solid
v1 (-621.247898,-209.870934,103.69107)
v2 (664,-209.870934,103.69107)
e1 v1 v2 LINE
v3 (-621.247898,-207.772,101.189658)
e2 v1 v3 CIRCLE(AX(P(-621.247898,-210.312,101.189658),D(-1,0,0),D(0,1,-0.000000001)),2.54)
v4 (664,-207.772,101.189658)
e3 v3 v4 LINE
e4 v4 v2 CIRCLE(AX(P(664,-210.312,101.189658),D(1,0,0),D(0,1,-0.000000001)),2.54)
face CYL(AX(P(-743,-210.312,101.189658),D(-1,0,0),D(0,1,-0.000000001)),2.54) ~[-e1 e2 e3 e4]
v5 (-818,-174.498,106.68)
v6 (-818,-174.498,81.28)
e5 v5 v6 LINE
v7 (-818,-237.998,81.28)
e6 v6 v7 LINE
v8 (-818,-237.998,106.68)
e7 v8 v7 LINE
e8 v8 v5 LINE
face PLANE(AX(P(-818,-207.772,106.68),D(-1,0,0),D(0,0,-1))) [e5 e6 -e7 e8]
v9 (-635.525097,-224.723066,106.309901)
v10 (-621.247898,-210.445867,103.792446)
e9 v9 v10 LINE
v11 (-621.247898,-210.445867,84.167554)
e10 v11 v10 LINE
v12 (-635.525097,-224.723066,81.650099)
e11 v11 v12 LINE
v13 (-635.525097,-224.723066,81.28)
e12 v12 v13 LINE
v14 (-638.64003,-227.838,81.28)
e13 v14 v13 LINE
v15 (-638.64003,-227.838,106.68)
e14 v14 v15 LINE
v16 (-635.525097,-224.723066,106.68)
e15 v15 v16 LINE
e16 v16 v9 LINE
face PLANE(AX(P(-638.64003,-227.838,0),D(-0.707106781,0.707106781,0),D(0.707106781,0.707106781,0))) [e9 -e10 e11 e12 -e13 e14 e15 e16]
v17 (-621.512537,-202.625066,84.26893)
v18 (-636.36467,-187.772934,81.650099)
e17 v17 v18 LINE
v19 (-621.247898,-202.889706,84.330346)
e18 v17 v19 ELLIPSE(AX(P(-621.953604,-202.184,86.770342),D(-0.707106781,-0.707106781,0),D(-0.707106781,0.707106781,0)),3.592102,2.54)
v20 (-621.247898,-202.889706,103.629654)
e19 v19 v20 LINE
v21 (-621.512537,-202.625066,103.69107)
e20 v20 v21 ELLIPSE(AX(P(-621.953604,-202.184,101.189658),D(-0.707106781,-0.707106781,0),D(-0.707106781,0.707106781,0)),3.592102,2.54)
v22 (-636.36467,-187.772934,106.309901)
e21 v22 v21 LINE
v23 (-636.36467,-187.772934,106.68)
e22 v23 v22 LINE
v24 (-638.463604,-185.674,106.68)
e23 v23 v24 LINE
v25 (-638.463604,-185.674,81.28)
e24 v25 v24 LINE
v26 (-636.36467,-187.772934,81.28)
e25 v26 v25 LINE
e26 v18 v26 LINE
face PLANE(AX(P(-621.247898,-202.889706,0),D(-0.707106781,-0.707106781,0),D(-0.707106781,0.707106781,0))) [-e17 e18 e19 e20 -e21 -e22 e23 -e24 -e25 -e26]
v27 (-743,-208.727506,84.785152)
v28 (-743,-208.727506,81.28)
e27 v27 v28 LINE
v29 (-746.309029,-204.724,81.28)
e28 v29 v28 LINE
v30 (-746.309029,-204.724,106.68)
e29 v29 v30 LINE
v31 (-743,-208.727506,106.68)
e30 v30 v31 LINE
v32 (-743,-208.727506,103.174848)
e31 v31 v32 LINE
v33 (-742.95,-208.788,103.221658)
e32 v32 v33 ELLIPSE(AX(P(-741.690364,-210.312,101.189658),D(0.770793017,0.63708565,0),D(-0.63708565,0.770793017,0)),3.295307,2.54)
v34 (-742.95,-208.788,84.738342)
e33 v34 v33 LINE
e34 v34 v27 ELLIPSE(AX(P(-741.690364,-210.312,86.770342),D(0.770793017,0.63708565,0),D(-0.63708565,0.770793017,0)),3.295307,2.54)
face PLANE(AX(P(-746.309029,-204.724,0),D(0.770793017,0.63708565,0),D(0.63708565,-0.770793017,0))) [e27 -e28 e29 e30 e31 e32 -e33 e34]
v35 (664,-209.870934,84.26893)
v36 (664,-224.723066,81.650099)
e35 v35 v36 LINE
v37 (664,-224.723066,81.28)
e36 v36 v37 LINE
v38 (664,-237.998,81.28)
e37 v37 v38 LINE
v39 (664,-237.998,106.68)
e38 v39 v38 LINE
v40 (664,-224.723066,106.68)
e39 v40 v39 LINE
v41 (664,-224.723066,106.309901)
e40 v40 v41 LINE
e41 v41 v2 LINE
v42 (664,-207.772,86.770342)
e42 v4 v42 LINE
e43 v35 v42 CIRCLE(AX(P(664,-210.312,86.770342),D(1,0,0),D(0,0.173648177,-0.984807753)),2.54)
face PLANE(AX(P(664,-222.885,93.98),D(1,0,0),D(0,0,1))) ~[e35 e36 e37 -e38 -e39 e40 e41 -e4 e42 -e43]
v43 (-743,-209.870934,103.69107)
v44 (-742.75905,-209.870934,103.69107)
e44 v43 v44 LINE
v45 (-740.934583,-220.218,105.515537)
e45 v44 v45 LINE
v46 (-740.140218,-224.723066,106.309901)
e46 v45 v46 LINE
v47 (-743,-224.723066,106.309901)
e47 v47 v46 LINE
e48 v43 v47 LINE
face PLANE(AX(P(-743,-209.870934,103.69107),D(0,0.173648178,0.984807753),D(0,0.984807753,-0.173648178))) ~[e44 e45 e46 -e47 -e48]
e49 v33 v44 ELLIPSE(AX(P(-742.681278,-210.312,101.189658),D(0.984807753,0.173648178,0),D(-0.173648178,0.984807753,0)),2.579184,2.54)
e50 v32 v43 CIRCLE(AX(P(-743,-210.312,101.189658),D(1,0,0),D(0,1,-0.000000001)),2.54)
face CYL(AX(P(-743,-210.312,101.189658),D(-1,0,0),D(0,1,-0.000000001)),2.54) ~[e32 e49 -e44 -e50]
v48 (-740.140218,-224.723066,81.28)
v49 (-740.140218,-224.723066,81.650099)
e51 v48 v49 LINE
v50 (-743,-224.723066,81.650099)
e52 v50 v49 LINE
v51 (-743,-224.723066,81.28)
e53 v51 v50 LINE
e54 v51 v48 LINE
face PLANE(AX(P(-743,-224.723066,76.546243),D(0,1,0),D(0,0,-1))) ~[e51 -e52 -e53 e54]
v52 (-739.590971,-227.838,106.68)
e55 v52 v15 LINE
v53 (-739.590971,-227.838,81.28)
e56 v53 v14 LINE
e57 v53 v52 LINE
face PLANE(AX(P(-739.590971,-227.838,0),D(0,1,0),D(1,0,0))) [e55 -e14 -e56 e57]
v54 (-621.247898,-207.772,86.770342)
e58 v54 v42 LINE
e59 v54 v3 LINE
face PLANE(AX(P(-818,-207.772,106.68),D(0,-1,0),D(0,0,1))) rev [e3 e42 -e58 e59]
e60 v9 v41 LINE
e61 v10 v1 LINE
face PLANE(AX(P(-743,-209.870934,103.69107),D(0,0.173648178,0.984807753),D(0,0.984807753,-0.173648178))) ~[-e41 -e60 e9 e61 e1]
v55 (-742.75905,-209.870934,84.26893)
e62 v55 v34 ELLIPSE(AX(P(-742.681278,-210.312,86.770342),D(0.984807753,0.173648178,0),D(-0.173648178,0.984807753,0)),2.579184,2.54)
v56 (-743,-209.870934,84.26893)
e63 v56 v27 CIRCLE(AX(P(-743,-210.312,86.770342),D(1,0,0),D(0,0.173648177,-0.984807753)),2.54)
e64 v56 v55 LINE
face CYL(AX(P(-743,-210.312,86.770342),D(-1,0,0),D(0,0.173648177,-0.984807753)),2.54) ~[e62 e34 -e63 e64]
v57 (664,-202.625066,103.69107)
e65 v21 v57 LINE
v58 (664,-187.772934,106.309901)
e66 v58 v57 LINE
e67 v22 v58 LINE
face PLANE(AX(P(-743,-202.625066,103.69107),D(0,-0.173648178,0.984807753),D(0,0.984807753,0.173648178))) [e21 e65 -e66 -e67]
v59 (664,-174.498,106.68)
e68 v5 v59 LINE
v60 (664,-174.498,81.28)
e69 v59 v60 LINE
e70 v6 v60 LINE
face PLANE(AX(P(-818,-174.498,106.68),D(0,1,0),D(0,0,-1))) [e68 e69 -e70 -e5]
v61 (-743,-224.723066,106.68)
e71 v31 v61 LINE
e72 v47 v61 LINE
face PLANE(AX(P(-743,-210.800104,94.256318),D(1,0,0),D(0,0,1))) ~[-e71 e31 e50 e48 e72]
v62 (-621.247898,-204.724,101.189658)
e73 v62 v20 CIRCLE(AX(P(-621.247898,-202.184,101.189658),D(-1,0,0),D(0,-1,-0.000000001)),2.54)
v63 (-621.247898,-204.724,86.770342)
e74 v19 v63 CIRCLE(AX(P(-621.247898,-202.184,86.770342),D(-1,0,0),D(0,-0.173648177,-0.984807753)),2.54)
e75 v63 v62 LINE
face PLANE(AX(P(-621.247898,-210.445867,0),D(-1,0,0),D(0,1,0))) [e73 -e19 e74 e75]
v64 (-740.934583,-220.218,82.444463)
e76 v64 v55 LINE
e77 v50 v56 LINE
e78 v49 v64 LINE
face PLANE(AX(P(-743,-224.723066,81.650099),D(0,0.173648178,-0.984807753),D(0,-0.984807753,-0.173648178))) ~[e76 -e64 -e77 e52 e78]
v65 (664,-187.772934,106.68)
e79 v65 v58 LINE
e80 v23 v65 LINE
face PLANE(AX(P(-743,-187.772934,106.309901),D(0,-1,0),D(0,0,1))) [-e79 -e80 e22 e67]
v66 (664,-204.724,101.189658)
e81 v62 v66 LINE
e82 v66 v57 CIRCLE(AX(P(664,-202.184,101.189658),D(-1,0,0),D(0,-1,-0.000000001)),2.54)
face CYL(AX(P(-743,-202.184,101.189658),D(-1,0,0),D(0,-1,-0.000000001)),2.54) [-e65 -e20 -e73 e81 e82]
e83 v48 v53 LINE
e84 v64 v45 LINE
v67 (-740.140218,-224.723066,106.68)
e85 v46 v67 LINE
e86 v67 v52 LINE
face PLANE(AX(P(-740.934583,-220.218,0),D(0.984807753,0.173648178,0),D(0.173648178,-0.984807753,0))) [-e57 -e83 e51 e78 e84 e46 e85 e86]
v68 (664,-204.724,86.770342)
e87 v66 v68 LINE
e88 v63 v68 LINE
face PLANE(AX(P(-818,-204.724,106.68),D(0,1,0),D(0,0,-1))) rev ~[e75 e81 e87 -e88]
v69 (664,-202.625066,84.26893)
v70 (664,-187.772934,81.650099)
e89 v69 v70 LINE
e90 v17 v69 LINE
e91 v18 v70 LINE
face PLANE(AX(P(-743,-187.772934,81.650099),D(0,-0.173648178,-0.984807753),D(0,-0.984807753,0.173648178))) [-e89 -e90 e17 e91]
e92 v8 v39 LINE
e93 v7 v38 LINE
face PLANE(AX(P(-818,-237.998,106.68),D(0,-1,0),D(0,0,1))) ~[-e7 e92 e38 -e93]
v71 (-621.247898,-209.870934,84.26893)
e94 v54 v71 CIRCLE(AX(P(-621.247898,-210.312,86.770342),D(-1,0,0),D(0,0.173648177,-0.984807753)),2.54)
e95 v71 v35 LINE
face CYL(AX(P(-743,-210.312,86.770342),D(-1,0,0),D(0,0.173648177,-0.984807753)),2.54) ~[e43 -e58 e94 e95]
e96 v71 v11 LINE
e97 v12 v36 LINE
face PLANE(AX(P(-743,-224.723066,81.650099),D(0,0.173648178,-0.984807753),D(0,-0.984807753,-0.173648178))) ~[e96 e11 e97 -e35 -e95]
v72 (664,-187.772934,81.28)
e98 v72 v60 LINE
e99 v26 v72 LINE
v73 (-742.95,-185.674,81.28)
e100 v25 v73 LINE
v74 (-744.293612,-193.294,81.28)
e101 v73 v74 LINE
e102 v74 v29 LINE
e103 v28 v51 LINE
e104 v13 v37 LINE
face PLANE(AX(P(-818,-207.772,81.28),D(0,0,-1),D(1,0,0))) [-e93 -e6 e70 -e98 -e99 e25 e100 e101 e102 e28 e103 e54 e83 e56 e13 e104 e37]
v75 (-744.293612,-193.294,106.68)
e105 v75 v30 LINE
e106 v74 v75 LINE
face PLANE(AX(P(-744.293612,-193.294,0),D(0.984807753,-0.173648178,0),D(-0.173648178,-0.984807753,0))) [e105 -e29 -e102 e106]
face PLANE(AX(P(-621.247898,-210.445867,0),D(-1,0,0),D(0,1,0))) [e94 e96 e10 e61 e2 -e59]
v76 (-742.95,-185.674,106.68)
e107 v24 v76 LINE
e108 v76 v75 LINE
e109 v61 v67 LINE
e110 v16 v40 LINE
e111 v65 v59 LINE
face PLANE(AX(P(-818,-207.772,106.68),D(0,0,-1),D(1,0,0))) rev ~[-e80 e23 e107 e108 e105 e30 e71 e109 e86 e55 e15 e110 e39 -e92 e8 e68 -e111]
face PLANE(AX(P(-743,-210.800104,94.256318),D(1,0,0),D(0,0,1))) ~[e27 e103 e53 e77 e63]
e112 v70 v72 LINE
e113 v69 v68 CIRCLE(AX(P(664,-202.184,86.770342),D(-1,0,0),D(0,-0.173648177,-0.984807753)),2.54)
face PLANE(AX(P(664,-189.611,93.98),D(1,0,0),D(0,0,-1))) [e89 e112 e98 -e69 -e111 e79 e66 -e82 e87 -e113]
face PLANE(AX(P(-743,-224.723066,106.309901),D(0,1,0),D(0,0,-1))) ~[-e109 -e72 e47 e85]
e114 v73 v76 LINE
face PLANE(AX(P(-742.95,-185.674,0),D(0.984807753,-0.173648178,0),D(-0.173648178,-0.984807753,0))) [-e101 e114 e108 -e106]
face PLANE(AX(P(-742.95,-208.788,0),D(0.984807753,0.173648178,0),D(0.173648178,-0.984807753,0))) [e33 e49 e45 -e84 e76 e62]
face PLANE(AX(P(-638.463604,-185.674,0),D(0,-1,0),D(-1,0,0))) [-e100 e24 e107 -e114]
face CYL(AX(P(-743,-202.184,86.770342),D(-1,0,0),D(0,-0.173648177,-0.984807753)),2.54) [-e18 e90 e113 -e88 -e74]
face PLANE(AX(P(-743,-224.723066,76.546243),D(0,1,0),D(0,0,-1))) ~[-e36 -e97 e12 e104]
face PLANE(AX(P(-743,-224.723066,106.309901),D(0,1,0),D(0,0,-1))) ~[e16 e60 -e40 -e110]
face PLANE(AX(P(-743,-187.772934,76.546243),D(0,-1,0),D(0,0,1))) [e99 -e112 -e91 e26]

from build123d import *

# Parameters (mm, degrees)
EXTRUDE_THIN3_DEPTH      = 664
EXTRUDE_THIN3_DEPTH_BACK = 818
SKETCH1_W                = 25.4
SKETCH1_H                = 30.226
CUT_EXTRUDE1_DEPTH       = 674
CUT_EXTRUDE1_DEPTH_BACK  = 743
SKETCH4_W                = 80
SKETCH4_H                = 25.4
BOSS_EXTRUDE1_DEPTH      = 3.048
CUT_EXTRUDE2_DEPTH       = 178


with BuildPart() as part:
    # Sketch1 → Extrude-Thin3 (new, two sides: drawn at the far end of the back side and taken through both)
    with BuildSketch(Plane(origin=(0, 0, 0), x_dir=(0, 0, -1), z_dir=(1, 0, 0)).offset(-EXTRUDE_THIN3_DEPTH_BACK)):
        with Locations((-93.98, -189.611)):
            Rectangle(SKETCH1_W, SKETCH1_H)
    extrude(amount=EXTRUDE_THIN3_DEPTH + EXTRUDE_THIN3_DEPTH_BACK)

    # Sketch3 → Cut-Extrude1 (cut, two sides: drawn at the far end of the back side and taken through both)
    with BuildSketch(Plane(origin=(0, 0, 0), x_dir=(0, 0, -1), z_dir=(1, 0, 0)).offset(-CUT_EXTRUDE1_DEPTH_BACK)):
        with BuildLine():
            Line((-81.650098629, -187.772933629), (-84.268930353, -202.625066371))
            ThreePointArc((-84.268930353, -202.625066371), (-85.137661517, -204.129752886), (-86.770342046, -204.724))
            Line((-86.770342046, -204.724), (-101.189657954, -204.724))
            ThreePointArc((-101.189657954, -204.724), (-102.822338483, -204.129752886), (-103.691069647, -202.625066371))
            Line((-103.691069647, -202.625066371), (-106.309901371, -187.772933629))
            Line((-106.309901371, -187.772933629), (-112.090636736, -187.772933629))
            Line((-112.090636736, -187.772933629), (-112.090636736, -212.168156894))
            Line((-112.090636736, -212.168156894), (-76.546243061, -212.168156894))
            Line((-76.546243061, -212.168156894), (-76.546243061, -187.772933629))
            Line((-76.546243061, -187.772933629), (-81.650098629, -187.772933629))
        make_face()
    extrude(amount=CUT_EXTRUDE1_DEPTH + CUT_EXTRUDE1_DEPTH_BACK, mode=Mode.SUBTRACT)


with BuildPart() as body_2:
    # Mirror3: mirrored copy
    add(part.part.mirror(Plane.ZX.offset(-206.248)))


with BuildPart() as part_1:
    add(part.part)

    add(body_2.part)  # Boss-Extrude1 merges body 2
    # Sketch4 → Boss-Extrude1 (add)
    with BuildSketch(Plane(origin=(0, -207.772, 0), x_dir=(1, 0, 0), z_dir=(0, 1, 0))):
        with Locations((-778, -93.98)):
            Rectangle(SKETCH4_W, SKETCH4_H)
    extrude(amount=BOSS_EXTRUDE1_DEPTH)

    # Sketch6 → Cut-Extrude2 (cut)
    with BuildSketch(Plane.XY):
        Polygon((-638.463603746, -185.674), (-742.95, -185.674), (-744.293611593, -193.294), (-746.309028982, -204.724), (-742.95, -208.788), (-740.934582611, -220.218), (-739.590971018, -227.838), (-638.640030294, -227.838), (-621.247897552, -210.445867257), (-621.247897552, -202.889706194), align=None)
    extrude(amount=CUT_EXTRUDE2_DEPTH, mode=Mode.SUBTRACT)


solid = part_1.part
